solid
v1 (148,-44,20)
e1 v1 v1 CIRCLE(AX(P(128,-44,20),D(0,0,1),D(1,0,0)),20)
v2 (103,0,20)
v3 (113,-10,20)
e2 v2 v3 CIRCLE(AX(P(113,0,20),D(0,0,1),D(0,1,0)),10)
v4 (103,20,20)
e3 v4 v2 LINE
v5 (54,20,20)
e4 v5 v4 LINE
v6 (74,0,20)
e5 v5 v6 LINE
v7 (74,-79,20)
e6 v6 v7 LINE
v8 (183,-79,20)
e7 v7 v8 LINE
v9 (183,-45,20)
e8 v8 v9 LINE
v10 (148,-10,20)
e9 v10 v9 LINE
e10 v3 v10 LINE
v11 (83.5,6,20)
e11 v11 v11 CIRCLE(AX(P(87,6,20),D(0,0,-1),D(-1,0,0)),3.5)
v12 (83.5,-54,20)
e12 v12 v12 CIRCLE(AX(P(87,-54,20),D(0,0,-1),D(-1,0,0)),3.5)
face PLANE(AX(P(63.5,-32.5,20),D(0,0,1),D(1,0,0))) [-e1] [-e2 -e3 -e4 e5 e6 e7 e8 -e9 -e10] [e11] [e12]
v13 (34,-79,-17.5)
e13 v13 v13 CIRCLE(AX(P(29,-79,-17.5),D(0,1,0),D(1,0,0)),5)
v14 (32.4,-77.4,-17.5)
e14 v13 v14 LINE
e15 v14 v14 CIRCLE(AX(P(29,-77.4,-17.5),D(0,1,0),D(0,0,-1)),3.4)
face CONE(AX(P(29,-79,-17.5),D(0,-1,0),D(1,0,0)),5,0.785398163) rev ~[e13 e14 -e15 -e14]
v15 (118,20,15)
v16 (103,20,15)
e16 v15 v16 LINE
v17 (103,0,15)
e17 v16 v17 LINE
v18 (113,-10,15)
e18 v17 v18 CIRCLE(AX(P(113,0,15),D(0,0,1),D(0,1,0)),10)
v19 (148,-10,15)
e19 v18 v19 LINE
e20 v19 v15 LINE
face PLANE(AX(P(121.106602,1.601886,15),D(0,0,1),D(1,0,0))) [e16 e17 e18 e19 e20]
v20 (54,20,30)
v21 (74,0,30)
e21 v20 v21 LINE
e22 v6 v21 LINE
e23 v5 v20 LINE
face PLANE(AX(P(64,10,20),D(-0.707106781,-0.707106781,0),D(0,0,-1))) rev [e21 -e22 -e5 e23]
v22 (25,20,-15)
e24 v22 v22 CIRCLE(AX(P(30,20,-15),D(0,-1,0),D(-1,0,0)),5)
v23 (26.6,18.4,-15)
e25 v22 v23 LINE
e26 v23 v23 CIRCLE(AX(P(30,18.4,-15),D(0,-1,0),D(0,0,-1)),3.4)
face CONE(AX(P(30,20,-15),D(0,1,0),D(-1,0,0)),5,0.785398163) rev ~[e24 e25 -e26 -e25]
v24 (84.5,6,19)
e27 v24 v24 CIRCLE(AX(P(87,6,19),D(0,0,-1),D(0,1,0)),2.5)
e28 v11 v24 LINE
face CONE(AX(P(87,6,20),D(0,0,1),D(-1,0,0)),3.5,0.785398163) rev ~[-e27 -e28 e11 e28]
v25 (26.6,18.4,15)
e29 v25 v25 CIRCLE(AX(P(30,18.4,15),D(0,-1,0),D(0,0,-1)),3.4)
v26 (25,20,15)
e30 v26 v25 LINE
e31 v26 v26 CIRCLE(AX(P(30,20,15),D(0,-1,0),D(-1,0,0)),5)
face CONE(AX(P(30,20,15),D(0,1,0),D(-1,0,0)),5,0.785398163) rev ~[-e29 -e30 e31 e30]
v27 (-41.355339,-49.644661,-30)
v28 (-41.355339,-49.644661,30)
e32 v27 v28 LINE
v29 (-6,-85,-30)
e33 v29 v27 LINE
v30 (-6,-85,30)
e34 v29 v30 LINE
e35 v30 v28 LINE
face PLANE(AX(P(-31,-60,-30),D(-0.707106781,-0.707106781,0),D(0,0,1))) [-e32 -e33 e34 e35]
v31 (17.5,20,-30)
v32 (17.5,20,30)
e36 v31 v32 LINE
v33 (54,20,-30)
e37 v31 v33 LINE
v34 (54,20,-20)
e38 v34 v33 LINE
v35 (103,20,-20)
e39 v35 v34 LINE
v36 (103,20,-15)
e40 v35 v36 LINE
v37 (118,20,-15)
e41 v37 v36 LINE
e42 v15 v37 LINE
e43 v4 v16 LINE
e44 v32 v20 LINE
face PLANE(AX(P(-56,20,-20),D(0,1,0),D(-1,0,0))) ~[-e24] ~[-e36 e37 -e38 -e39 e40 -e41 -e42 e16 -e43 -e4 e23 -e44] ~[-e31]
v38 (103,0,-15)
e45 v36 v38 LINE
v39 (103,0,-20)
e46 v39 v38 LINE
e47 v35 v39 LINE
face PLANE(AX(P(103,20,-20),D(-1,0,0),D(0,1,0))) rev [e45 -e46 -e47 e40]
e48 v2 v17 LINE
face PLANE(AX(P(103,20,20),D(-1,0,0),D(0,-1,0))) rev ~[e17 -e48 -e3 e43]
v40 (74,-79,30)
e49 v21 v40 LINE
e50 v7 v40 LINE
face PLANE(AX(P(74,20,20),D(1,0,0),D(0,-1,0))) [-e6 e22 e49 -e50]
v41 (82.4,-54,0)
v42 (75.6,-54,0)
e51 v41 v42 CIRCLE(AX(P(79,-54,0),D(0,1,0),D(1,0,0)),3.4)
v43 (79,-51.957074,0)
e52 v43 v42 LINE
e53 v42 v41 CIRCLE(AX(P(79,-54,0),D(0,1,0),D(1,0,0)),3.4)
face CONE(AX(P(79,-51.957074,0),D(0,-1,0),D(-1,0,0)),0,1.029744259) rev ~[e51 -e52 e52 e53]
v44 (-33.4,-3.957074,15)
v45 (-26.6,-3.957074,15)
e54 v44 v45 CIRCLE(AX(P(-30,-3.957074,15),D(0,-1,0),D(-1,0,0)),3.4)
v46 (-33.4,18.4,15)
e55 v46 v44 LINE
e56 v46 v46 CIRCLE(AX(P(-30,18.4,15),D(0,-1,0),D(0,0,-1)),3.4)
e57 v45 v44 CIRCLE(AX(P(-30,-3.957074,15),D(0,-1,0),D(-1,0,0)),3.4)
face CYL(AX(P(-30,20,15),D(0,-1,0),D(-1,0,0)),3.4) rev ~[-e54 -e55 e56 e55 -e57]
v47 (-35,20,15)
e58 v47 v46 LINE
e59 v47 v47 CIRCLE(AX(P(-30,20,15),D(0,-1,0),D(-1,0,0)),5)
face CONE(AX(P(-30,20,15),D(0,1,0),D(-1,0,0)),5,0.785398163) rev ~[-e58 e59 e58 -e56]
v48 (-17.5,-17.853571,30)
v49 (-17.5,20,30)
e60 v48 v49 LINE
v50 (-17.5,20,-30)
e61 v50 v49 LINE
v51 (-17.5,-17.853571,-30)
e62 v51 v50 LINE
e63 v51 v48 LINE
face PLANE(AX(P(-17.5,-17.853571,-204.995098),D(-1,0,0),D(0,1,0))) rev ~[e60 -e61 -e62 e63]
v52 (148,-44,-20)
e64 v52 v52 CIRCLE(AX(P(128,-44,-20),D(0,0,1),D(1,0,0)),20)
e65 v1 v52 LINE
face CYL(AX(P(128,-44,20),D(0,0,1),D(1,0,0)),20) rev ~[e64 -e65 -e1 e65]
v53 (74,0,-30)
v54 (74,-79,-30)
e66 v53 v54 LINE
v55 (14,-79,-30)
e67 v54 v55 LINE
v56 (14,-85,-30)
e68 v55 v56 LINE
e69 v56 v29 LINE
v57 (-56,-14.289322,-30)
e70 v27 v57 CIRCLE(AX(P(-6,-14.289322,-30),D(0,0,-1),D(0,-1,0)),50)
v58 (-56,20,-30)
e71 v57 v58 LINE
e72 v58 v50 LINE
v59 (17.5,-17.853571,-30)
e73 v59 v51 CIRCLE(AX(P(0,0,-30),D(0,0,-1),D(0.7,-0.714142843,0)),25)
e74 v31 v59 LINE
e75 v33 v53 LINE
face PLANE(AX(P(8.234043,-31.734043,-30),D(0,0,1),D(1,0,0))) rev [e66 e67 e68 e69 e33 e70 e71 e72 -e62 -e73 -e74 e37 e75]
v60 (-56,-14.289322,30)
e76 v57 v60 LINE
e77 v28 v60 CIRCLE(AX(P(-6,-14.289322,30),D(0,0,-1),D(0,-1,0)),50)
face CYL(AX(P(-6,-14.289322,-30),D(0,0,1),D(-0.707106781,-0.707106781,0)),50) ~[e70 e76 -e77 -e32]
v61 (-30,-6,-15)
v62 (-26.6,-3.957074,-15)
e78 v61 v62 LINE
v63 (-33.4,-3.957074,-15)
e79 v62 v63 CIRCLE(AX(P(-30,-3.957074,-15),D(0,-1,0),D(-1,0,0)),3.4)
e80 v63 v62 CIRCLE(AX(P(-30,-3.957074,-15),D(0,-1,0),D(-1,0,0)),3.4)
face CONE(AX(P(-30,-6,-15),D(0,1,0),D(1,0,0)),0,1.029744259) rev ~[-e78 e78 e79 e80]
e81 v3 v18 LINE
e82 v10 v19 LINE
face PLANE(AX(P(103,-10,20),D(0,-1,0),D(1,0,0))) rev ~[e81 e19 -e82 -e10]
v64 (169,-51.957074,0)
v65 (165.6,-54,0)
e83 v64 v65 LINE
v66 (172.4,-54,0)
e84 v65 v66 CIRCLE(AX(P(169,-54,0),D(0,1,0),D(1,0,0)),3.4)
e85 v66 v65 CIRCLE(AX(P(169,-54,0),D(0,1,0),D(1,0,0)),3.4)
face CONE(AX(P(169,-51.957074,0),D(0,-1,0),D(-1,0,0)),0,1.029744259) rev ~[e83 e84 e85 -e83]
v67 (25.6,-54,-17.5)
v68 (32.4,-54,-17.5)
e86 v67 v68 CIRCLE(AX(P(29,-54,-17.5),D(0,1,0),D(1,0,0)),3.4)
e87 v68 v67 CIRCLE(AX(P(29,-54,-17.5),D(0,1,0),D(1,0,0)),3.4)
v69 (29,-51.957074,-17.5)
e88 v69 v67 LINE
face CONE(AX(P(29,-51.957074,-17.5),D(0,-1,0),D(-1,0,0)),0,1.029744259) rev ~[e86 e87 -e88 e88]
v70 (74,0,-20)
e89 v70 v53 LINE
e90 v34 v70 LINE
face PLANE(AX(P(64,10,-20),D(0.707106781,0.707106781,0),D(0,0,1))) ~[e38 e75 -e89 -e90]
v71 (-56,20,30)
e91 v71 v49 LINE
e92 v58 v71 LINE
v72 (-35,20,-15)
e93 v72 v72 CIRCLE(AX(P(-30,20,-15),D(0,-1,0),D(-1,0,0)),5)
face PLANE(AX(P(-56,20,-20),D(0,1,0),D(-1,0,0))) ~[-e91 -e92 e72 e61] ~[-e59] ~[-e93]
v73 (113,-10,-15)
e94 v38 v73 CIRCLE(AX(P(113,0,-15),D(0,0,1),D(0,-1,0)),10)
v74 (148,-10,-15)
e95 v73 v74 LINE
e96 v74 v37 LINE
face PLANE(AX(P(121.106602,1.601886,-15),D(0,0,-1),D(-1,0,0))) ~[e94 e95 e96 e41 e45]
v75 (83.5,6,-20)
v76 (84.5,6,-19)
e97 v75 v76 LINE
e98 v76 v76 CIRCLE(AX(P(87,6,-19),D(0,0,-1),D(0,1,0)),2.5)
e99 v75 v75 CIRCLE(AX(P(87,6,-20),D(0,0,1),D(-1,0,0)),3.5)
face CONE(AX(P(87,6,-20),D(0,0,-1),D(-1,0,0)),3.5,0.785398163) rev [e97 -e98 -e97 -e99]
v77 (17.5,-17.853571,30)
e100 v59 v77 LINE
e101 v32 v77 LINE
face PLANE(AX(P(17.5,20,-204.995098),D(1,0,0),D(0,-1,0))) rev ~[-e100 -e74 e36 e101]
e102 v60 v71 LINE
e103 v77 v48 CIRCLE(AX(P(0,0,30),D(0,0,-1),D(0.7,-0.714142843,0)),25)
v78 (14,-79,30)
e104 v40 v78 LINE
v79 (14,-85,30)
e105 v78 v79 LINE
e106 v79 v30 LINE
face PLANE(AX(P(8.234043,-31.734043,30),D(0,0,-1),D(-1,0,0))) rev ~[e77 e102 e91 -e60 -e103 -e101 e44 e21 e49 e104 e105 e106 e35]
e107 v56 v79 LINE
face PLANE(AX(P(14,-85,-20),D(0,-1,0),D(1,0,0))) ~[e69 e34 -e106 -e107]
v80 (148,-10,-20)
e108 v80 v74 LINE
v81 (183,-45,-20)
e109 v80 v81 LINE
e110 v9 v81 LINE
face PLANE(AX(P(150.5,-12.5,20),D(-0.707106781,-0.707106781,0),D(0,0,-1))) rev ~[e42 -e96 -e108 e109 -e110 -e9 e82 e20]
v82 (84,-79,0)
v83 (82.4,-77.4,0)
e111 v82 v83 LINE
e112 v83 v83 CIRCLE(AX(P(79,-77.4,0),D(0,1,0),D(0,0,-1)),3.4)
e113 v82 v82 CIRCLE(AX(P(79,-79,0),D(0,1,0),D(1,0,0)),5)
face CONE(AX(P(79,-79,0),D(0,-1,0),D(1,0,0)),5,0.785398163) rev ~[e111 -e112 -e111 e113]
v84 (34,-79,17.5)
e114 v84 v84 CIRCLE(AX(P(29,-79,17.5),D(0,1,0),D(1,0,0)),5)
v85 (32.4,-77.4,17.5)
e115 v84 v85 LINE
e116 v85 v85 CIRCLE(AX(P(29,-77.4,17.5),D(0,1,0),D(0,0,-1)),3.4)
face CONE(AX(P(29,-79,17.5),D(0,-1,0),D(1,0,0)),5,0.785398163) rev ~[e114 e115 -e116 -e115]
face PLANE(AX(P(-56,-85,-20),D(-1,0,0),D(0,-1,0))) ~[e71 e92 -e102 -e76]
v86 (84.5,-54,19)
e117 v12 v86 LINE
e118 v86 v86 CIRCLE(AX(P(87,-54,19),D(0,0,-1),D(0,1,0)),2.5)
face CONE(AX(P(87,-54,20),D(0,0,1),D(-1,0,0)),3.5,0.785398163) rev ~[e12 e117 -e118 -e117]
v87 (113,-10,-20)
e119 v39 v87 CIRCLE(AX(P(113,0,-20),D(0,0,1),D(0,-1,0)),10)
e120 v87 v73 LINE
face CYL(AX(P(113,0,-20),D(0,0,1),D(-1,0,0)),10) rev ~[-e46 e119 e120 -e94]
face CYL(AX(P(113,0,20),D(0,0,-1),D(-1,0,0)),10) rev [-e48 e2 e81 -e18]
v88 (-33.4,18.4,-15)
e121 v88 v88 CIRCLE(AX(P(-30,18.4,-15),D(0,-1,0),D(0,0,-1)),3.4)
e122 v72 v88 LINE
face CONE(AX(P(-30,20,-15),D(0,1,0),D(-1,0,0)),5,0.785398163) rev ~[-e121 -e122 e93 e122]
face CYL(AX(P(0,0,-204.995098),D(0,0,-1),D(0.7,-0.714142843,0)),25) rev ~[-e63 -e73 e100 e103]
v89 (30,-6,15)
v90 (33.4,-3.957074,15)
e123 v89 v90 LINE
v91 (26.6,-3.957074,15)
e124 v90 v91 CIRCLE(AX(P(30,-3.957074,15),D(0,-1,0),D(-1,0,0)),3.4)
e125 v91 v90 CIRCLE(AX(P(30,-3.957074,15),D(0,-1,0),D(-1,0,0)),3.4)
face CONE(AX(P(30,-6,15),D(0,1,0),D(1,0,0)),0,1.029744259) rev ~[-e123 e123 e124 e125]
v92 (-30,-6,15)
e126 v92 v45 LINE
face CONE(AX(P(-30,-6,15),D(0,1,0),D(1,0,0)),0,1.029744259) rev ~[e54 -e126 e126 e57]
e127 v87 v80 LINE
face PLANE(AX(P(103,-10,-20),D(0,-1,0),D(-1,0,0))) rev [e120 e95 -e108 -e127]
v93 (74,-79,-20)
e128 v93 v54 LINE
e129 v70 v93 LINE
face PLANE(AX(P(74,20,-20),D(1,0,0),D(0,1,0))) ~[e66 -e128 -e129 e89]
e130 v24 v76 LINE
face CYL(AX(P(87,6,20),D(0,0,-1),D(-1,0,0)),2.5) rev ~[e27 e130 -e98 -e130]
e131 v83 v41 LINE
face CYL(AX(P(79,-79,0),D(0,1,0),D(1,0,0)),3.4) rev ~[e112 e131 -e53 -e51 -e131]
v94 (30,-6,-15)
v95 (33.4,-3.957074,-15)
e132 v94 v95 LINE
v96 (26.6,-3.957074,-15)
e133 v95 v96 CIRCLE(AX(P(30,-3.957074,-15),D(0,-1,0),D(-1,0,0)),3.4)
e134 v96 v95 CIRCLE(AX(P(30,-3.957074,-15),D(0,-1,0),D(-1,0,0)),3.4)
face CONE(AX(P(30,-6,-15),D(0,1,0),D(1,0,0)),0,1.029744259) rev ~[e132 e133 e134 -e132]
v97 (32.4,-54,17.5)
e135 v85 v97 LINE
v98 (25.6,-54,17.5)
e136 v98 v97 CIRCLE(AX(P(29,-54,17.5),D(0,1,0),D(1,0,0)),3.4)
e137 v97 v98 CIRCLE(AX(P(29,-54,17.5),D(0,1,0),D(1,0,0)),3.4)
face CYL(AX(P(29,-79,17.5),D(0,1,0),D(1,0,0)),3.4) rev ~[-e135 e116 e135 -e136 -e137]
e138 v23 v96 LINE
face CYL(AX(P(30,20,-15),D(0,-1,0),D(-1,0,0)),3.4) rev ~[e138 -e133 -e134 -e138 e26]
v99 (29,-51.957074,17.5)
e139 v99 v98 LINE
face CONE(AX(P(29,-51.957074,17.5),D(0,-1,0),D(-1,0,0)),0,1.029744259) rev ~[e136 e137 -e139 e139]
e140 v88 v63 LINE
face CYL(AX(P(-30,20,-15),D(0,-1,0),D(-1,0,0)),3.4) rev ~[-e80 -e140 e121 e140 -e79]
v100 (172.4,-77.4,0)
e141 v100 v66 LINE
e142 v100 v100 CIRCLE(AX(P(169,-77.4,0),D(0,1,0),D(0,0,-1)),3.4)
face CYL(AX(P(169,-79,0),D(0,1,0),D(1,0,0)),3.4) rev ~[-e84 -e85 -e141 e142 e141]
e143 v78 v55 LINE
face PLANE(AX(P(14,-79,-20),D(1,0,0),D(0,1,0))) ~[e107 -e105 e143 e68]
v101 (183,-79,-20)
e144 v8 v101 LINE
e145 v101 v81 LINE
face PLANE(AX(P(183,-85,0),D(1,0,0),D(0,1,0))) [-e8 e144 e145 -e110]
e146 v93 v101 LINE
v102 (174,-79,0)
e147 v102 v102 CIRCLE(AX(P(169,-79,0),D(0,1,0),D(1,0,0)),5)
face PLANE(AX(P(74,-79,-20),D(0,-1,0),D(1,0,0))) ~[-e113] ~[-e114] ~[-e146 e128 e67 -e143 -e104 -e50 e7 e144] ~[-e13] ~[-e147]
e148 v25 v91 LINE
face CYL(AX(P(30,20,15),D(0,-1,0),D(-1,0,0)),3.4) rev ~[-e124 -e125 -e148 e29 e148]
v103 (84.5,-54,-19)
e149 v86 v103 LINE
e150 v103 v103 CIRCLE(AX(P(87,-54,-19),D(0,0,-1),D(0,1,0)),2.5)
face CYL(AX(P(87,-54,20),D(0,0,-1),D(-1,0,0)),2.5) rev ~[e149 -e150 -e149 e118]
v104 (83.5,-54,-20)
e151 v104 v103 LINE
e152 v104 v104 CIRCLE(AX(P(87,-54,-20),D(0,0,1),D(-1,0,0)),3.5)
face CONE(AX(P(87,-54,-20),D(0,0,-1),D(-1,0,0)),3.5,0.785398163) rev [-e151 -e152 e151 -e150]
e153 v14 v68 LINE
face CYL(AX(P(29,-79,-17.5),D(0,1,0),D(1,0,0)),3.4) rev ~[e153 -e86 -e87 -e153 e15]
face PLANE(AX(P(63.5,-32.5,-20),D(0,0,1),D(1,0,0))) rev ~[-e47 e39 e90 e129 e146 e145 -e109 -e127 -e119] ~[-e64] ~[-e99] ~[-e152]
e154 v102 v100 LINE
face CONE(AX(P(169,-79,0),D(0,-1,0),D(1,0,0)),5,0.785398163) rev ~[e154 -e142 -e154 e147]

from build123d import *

# Parameters (mm, degrees)
SKETCH_5_W                  = 239
SKETCH_5_H                  = 105
EXTRUDE_1_DEPTH             = 20
EXTRUDE_2_DEPTH             = 10
SKETCH_8_W                  = 169
SKETCH_8_H                  = 6
CUT_EXTRUDE_6_DEPTH         = 208.879772946
CUT_EXTRUDE_7_DEPTH         = 204.99509798
CUT_EXTRUDE_7_DEPTH_BACK    = 204.99509798
HOLE_WIZARD_M82_D           = 6.8
HOLE_WIZARD_M82_DEPTH       = 25
HOLE_WIZARD_M82_CSINK_D     = 10
HOLE_WIZARD_M82_CSINK_ANGLE = 90
HOLE_WIZARD_M82_TIP         = 2.042926105
CHAMFER_1_SIZE              = 65
CHAMFER_2_SIZE              = 20
CUT_EXTRUDE_8_DEPTH         = 5
HOLE_WIZARD_M81_D           = 6.8
HOLE_WIZARD_M81_DEPTH       = 23.957073895
HOLE_WIZARD_M81_CSINK_D     = 10
HOLE_WIZARD_M81_CSINK_ANGLE = 90
HOLE_WIZARD_M81_TIP         = 2.042926105
HOLE_WIZARD_M61_D           = 5
HOLE_WIZARD_M61_CSINK_D     = 7
HOLE_WIZARD_M61_CSINK_ANGLE = 90
CUT_EXTRUDE_9_REACH         = 209.88
SKETCH_21_R                 = 20
FILLET_1_R                  = 10
CHAMFER_3_SIZE              = 50
FILLET_2_R                  = 50


with BuildPart() as part:
    # Эскиз5 → Бобышка-Вытянуть1 (new, symmetric)
    with BuildSketch(Plane.XY):
        with Locations((63.5, -32.5)):
            Rectangle(SKETCH_5_W, SKETCH_5_H)
    extrude(amount=EXTRUDE_1_DEPTH, both=True)

    # Эскиз10 → Бобышка-Вытянуть2 (add)
    with BuildSketch(Plane.XY.offset(20)):
        Polygon((-56, 20), (74, 20), (74, -79), (14, -79), (14, -85), (-56, -85), align=None)
    extrude_2 = extrude(amount=EXTRUDE_2_DEPTH)

    # Зеркальное отражение1: Бобышка-Вытянуть2 across plane
    add(extrude_2.mirror(Plane.XY))

    # Эскиз8 → Вырез-Вытянуть6 (cut, through all)
    with BuildSketch(Plane.XY.offset(20)):
        with Locations((98.5, -82)):
            Rectangle(SKETCH_8_W, SKETCH_8_H)
    extrude(amount=-CUT_EXTRUDE_6_DEPTH, mode=Mode.SUBTRACT)

    # Эскиз4 → Вырез-Вытянуть7 (cut, two sides: drawn at the far end of the back side and taken through both)
    with BuildSketch(Plane.XY.offset(-CUT_EXTRUDE_7_DEPTH_BACK)):
        with BuildLine():
            Line((-17.5, 20), (17.5, 20))
            Line((17.5, 20), (17.5, -17.853571071))
            ThreePointArc((17.5, -17.853571071), (0, -25), (-17.5, -17.853571071))
            Line((-17.5, -17.853571071), (-17.5, 20))
        make_face()
    extrude(amount=CUT_EXTRUDE_7_DEPTH + CUT_EXTRUDE_7_DEPTH_BACK, mode=Mode.SUBTRACT)

    # Отверстие обработанное метчиком M82
    with Locations(Plane(origin=(0, -79, 0), x_dir=(-1, 0, 0), z_dir=(0, -1, 0))):
        with Locations((-29, 17.5), (-29, -17.5), (-79, 0), (-169, 0)):
            CounterSinkHole(HOLE_WIZARD_M82_D / 2, HOLE_WIZARD_M82_CSINK_D / 2, depth=HOLE_WIZARD_M82_DEPTH, counter_sink_angle=HOLE_WIZARD_M82_CSINK_ANGLE)
            with Locations((0, 0, -(HOLE_WIZARD_M82_DEPTH + HOLE_WIZARD_M82_TIP / 2))):  # 118° drill point
                Cone(0, HOLE_WIZARD_M82_D / 2, HOLE_WIZARD_M82_TIP, mode=Mode.SUBTRACT)

    # Фаска1
    chamfer_1_edges = [part.edges().sort_by_distance(p)[0] for p in [
        (183, 20, 0),
    ]]
    chamfer(chamfer_1_edges, length=CHAMFER_1_SIZE)

    # Фаска2
    chamfer_2_edges = [part.edges().sort_by_distance(p)[0] for p in [
        (74, 20, 25),
        (74, 20, -25),
    ]]
    chamfer(chamfer_2_edges, length=CHAMFER_2_SIZE)

    # Эскиз14 → Вырез-Вытянуть8 (cut)
    with BuildSketch(Plane.XY.offset(20)):
        Polygon((118, 20), (103, 20), (103, -10), (148, -10), align=None)
    cut_extrude_8 = extrude(amount=-CUT_EXTRUDE_8_DEPTH, mode=Mode.SUBTRACT)

    # Отверстие обработанное метчиком M81
    with Locations(Plane(origin=(0, 20, 0), x_dir=(1, 0, 0), z_dir=(0, 1, 0))):
        with Locations((-30, -15), (30, -15), (-30, 15), (30, 15)):
            CounterSinkHole(HOLE_WIZARD_M81_D / 2, HOLE_WIZARD_M81_CSINK_D / 2, depth=HOLE_WIZARD_M81_DEPTH, counter_sink_angle=HOLE_WIZARD_M81_CSINK_ANGLE)
            with Locations((0, 0, -(HOLE_WIZARD_M81_DEPTH + HOLE_WIZARD_M81_TIP / 2))):  # 118° drill point
                Cone(0, HOLE_WIZARD_M81_D / 2, HOLE_WIZARD_M81_TIP, mode=Mode.SUBTRACT)

    # Зеркальное отражение2: Вырез-Вытянуть8 across plane
    add(cut_extrude_8.mirror(Plane.XY), mode=Mode.SUBTRACT)

    # Отверстие обработанное метчиком M61 (through all)
    with Locations(Plane.XY.offset(20)):
        with Locations((87, -54), (87, 6)):
            hole_wizard_m61 = CounterSinkHole(HOLE_WIZARD_M61_D / 2, HOLE_WIZARD_M61_CSINK_D / 2, counter_sink_angle=HOLE_WIZARD_M61_CSINK_ANGLE)

    # Зеркальное отражение3: Отверстие обработанное метчиком M61 across plane
    add(hole_wizard_m61.mirror(Plane.XY), mode=Mode.SUBTRACT)

    # Эскиз21 → Вырез-Вытянуть9 (cut, up to next)
    with BuildSketch(Plane.XY.offset(20), mode=Mode.PRIVATE) as cut_extrude_9_sk1:
        with Locations((128, -44)):
            Circle(SKETCH_21_R)
    cut_extrude_9_tool1 = extrude(cut_extrude_9_sk1.sketch, amount=-CUT_EXTRUDE_9_REACH, mode=Mode.PRIVATE) & part.part
    add(cut_extrude_9_tool1.solids().sort_by_distance((128, -44, 20))[0], mode=Mode.SUBTRACT)

    # Скругление1
    fillet_1_edges = [part.edges().sort_by_distance(p)[0] for p in [
        (103, -10, 17.5),
        (103, -10, -17.5),
    ]]
    fillet(fillet_1_edges, radius=FILLET_1_R)

    # Фаска3
    chamfer_3_edges = [part.edges().sort_by_distance(p)[0] for p in [
        (-56, -85, 0),
    ]]
    chamfer(chamfer_3_edges, length=CHAMFER_3_SIZE)

    # Скругление2
    fillet_2_edges = [part.edges().sort_by_distance(p)[0] for p in [
        (-56, -35, 0),
    ]]
    fillet(fillet_2_edges, radius=FILLET_2_R)


solid = part.part
